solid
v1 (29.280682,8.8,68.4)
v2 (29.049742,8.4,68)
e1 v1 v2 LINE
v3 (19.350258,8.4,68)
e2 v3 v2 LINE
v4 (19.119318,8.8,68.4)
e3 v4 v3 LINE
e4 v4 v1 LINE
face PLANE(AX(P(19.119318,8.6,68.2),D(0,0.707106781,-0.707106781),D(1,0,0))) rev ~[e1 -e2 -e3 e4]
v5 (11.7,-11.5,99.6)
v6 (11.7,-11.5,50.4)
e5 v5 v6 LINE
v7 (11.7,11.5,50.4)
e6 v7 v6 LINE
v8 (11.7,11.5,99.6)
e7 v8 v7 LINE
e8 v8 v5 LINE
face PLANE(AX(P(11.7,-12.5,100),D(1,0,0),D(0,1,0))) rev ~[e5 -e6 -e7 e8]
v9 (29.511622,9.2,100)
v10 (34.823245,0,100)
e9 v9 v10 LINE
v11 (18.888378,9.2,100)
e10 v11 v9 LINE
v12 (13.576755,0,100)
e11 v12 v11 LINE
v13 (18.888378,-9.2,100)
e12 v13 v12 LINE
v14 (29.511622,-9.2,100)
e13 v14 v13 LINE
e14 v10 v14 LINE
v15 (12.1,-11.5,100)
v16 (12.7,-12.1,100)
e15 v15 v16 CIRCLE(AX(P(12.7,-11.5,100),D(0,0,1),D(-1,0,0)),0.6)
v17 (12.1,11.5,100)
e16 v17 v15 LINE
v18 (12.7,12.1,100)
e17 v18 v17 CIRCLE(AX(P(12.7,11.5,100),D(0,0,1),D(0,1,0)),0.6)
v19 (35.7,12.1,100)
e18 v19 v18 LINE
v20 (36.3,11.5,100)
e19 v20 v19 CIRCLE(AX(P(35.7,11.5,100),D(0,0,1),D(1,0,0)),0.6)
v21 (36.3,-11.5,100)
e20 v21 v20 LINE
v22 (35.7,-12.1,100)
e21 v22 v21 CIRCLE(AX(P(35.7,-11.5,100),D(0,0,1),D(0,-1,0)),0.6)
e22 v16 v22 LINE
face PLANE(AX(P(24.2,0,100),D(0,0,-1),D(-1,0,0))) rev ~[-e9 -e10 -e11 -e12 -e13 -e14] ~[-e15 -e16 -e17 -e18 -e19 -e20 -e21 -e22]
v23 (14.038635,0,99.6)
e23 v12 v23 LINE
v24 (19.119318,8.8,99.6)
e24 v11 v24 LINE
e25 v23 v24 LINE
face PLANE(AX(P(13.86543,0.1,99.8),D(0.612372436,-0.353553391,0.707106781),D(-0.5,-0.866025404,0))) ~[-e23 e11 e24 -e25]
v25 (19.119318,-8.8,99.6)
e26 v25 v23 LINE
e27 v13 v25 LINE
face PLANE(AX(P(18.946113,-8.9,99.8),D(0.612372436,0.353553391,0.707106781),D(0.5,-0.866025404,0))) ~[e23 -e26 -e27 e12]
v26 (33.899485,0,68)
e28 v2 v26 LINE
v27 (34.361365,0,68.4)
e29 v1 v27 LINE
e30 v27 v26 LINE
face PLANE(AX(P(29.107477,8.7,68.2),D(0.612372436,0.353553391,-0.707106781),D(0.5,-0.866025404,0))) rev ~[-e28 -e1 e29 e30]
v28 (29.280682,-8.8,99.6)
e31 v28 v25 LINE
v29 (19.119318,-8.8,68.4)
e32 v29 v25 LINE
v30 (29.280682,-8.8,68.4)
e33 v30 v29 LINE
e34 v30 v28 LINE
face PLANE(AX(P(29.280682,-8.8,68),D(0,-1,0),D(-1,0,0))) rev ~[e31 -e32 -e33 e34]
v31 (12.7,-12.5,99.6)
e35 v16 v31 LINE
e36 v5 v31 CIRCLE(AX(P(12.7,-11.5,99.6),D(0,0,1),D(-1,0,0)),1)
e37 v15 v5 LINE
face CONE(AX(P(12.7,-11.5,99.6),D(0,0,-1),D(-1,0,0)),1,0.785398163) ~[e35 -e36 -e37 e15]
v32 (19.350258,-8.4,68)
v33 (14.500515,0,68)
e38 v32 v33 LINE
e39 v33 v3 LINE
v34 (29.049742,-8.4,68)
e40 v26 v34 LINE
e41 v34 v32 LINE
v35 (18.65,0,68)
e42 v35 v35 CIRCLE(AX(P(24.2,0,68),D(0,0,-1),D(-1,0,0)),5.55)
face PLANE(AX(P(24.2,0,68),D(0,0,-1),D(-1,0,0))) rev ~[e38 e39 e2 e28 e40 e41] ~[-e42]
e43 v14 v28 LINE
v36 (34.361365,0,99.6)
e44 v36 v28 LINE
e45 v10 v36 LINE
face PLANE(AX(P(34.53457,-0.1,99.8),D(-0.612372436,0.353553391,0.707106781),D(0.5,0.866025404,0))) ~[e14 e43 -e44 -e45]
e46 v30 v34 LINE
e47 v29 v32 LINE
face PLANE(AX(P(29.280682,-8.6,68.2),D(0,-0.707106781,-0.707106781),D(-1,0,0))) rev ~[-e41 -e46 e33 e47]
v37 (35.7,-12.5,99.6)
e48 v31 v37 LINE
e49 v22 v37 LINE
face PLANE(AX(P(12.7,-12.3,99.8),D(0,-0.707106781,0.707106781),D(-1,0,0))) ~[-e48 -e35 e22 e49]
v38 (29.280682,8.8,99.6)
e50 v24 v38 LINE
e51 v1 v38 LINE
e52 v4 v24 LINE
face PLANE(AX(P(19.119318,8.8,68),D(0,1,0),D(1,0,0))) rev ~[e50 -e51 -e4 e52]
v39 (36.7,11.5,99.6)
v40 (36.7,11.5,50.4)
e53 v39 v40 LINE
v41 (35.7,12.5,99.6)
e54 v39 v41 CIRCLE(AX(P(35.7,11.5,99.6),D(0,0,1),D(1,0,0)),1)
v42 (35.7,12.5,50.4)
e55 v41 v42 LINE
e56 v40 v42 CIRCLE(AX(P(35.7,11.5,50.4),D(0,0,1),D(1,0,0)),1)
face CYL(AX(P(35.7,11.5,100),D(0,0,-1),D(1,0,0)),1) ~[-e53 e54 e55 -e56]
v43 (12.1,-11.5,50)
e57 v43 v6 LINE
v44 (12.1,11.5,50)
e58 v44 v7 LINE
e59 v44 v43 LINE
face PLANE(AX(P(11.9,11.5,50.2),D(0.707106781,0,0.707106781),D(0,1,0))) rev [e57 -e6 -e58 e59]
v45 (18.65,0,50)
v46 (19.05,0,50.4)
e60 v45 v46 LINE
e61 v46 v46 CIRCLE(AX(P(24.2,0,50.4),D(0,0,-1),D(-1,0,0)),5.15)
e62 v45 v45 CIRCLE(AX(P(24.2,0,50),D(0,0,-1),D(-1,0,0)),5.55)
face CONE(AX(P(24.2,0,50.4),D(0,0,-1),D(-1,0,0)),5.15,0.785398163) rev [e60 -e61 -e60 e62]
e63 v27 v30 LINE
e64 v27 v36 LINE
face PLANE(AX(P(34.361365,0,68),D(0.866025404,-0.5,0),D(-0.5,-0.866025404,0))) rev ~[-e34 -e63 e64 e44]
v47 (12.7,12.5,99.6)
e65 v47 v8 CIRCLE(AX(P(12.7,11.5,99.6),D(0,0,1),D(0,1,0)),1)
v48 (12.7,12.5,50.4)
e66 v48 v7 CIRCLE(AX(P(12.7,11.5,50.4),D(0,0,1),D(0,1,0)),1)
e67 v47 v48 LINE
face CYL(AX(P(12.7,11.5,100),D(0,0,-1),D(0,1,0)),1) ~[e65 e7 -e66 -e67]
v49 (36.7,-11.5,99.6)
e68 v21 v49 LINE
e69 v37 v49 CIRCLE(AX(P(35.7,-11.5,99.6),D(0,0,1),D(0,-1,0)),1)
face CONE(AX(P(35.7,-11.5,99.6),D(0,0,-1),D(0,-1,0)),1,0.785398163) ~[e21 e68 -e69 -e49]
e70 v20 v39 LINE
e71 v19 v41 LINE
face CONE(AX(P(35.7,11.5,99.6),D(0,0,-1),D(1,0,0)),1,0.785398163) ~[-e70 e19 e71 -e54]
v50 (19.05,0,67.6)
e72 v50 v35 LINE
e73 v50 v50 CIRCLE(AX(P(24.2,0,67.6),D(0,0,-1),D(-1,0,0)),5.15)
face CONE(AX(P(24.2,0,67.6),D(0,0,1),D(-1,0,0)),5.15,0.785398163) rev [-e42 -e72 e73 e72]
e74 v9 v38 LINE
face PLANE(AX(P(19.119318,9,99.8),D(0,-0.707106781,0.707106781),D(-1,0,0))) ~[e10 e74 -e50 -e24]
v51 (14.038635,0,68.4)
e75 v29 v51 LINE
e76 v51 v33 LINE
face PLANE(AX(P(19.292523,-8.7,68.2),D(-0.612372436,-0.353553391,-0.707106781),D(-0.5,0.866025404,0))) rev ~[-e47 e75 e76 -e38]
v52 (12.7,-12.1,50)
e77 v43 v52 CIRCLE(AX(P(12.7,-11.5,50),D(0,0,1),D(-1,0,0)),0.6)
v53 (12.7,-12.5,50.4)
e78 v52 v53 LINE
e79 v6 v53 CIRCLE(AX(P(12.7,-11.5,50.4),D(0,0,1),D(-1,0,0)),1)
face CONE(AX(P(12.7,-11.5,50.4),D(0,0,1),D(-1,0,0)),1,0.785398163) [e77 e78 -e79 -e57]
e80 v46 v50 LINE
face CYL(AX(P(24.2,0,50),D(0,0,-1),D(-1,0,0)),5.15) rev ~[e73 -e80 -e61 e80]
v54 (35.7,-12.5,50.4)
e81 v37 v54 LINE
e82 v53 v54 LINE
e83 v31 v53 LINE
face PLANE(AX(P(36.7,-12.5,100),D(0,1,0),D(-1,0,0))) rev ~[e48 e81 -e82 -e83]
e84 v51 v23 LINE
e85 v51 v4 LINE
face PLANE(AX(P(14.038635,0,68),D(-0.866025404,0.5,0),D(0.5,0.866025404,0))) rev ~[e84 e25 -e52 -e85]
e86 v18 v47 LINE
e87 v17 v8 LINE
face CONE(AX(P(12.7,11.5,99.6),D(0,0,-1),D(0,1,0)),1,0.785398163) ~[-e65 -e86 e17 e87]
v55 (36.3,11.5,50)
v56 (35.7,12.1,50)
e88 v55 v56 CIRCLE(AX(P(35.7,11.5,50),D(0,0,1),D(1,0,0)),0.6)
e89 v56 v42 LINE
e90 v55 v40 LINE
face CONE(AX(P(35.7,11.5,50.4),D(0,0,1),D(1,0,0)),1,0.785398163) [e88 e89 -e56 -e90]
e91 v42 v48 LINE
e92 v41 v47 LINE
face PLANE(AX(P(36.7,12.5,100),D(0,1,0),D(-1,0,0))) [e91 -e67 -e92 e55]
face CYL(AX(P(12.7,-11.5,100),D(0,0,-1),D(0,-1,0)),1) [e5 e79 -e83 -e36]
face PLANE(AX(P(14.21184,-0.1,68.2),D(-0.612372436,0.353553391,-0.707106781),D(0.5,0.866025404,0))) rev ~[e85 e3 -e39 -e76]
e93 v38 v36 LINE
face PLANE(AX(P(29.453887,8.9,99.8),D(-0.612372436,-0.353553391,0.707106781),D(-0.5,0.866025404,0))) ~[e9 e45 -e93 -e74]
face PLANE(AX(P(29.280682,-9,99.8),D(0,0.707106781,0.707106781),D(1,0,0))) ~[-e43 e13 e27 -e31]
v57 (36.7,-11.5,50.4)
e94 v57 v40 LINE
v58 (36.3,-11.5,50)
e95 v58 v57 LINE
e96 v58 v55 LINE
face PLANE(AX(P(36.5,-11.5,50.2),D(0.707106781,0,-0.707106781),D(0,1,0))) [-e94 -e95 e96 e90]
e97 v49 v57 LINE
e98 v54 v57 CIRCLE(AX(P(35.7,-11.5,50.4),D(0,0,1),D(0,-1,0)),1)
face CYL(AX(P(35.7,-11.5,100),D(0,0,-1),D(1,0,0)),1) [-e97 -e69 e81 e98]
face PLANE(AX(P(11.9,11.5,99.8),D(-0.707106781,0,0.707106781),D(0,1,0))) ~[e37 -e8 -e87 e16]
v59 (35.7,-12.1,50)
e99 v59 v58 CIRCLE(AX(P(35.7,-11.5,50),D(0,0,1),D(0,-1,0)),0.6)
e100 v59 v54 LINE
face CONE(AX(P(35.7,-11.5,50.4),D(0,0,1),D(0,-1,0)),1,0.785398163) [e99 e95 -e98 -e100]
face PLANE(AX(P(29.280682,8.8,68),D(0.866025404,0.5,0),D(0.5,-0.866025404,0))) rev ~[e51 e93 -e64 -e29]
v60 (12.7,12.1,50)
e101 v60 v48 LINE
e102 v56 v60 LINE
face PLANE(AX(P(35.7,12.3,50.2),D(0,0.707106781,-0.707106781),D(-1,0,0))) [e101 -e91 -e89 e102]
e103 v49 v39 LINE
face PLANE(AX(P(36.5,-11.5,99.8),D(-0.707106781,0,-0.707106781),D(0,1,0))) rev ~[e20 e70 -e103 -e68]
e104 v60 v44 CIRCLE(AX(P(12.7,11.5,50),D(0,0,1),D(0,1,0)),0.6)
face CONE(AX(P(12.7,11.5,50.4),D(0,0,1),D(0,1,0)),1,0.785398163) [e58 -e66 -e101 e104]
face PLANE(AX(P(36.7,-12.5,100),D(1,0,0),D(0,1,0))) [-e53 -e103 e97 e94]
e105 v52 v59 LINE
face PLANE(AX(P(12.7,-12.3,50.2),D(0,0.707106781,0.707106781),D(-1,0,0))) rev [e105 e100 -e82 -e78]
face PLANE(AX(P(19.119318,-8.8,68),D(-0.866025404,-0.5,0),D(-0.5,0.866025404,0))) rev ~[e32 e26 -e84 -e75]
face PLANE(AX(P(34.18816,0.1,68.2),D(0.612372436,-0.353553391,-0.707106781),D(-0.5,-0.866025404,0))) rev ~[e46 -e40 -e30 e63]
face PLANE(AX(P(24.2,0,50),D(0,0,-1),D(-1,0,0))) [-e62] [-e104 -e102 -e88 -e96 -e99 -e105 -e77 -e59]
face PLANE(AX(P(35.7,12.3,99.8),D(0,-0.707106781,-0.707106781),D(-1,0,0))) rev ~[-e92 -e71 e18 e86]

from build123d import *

# Parameters (mm, degrees)
F0_W     = 25
F0_H     = 25
F1_DEPTH = 50
F2_R     = 5.15
F3_DEPTH = 50.001
F5_START = -18
F4_R     = 5.15
F5_DEPTH = 32.001
F6_R     = 1
F7_SIZE  = 0.4
F8_ANGLE = 180


with BuildPart() as f1:
    # F0 (on Top) → F1 (new body)
    with BuildSketch(Plane.XY):
        Rectangle(F0_W, F0_H)
    extrude(amount=F1_DEPTH)

    # F2 (on face) → F3 (cut, through all)
    with BuildSketch(Plane.XY.offset(50)):
        Circle(F2_R)
    extrude(amount=-F3_DEPTH, mode=Mode.SUBTRACT)

    # F4 (on face) → F5 (cut)
    with BuildSketch(Plane.XY.offset(50).offset(F5_START)):
        Polygon((5.0806823689, 8.8), (-5.0806823689, 8.8), (-10.1613647377, 0), (-5.0806823689, -8.8), (5.0806823689, -8.8), (10.1613647377, 0), align=None)
        Circle(F4_R, mode=Mode.SUBTRACT)
    extrude(amount=-F5_DEPTH, mode=Mode.SUBTRACT)

    # F6
    f6_edges = [f1.edges().sort_by_distance(p)[0] for p in [
        (-12.5, 12.5, 25),
        (-12.5, -12.5, 25),
        (12.5, 12.5, 25),
        (12.5, -12.5, 25),
    ]]
    fillet(f6_edges, radius=F6_R)

    # F7
    f7_edges = [f1.edges().sort_by_distance(p)[0] for p in [
        (0, 12.5, 0),
        (12.207107, 12.207107, 0),
        (-12.207107, 12.207107, 0),
        (12.5, 0, 0),
        (-12.5, 0, 0),
        (12.207107, -12.207107, 0),
        (-12.207107, -12.207107, 0),
        (0, -12.5, 0),
        (7.621024, 4.4, 0),
        (0, 8.8, 0),
        (-7.621024, 4.4, 0),
        (-7.621024, -4.4, 0),
        (0, -8.8, 0),
        (7.621024, -4.4, 0),
        (0, 12.5, 50),
        (12.207107, 12.207107, 50),
        (-12.207107, 12.207107, 50),
        (12.5, 0, 50),
        (-12.5, 0, 50),
        (12.207107, -12.207107, 50),
        (-12.207107, -12.207107, 50),
        (0, -12.5, 50),
        (-5.15, 0, 50),
        (7.621024, 4.4, 32),
        (0, 8.8, 32),
        (-7.621024, 4.4, 32),
        (-7.621024, -4.4, 32),
        (0, -8.8, 32),
        (7.621024, -4.4, 32),
        (-5.15, 0, 32),
    ]]
    chamfer(f7_edges, length=F7_SIZE)


with BuildPart() as f1_1:
    # F8: moved
    add(f1.part.rotate(Axis((12.1, 0, 50), (0, -1, 0)), F8_ANGLE))


solid = f1_1.part
